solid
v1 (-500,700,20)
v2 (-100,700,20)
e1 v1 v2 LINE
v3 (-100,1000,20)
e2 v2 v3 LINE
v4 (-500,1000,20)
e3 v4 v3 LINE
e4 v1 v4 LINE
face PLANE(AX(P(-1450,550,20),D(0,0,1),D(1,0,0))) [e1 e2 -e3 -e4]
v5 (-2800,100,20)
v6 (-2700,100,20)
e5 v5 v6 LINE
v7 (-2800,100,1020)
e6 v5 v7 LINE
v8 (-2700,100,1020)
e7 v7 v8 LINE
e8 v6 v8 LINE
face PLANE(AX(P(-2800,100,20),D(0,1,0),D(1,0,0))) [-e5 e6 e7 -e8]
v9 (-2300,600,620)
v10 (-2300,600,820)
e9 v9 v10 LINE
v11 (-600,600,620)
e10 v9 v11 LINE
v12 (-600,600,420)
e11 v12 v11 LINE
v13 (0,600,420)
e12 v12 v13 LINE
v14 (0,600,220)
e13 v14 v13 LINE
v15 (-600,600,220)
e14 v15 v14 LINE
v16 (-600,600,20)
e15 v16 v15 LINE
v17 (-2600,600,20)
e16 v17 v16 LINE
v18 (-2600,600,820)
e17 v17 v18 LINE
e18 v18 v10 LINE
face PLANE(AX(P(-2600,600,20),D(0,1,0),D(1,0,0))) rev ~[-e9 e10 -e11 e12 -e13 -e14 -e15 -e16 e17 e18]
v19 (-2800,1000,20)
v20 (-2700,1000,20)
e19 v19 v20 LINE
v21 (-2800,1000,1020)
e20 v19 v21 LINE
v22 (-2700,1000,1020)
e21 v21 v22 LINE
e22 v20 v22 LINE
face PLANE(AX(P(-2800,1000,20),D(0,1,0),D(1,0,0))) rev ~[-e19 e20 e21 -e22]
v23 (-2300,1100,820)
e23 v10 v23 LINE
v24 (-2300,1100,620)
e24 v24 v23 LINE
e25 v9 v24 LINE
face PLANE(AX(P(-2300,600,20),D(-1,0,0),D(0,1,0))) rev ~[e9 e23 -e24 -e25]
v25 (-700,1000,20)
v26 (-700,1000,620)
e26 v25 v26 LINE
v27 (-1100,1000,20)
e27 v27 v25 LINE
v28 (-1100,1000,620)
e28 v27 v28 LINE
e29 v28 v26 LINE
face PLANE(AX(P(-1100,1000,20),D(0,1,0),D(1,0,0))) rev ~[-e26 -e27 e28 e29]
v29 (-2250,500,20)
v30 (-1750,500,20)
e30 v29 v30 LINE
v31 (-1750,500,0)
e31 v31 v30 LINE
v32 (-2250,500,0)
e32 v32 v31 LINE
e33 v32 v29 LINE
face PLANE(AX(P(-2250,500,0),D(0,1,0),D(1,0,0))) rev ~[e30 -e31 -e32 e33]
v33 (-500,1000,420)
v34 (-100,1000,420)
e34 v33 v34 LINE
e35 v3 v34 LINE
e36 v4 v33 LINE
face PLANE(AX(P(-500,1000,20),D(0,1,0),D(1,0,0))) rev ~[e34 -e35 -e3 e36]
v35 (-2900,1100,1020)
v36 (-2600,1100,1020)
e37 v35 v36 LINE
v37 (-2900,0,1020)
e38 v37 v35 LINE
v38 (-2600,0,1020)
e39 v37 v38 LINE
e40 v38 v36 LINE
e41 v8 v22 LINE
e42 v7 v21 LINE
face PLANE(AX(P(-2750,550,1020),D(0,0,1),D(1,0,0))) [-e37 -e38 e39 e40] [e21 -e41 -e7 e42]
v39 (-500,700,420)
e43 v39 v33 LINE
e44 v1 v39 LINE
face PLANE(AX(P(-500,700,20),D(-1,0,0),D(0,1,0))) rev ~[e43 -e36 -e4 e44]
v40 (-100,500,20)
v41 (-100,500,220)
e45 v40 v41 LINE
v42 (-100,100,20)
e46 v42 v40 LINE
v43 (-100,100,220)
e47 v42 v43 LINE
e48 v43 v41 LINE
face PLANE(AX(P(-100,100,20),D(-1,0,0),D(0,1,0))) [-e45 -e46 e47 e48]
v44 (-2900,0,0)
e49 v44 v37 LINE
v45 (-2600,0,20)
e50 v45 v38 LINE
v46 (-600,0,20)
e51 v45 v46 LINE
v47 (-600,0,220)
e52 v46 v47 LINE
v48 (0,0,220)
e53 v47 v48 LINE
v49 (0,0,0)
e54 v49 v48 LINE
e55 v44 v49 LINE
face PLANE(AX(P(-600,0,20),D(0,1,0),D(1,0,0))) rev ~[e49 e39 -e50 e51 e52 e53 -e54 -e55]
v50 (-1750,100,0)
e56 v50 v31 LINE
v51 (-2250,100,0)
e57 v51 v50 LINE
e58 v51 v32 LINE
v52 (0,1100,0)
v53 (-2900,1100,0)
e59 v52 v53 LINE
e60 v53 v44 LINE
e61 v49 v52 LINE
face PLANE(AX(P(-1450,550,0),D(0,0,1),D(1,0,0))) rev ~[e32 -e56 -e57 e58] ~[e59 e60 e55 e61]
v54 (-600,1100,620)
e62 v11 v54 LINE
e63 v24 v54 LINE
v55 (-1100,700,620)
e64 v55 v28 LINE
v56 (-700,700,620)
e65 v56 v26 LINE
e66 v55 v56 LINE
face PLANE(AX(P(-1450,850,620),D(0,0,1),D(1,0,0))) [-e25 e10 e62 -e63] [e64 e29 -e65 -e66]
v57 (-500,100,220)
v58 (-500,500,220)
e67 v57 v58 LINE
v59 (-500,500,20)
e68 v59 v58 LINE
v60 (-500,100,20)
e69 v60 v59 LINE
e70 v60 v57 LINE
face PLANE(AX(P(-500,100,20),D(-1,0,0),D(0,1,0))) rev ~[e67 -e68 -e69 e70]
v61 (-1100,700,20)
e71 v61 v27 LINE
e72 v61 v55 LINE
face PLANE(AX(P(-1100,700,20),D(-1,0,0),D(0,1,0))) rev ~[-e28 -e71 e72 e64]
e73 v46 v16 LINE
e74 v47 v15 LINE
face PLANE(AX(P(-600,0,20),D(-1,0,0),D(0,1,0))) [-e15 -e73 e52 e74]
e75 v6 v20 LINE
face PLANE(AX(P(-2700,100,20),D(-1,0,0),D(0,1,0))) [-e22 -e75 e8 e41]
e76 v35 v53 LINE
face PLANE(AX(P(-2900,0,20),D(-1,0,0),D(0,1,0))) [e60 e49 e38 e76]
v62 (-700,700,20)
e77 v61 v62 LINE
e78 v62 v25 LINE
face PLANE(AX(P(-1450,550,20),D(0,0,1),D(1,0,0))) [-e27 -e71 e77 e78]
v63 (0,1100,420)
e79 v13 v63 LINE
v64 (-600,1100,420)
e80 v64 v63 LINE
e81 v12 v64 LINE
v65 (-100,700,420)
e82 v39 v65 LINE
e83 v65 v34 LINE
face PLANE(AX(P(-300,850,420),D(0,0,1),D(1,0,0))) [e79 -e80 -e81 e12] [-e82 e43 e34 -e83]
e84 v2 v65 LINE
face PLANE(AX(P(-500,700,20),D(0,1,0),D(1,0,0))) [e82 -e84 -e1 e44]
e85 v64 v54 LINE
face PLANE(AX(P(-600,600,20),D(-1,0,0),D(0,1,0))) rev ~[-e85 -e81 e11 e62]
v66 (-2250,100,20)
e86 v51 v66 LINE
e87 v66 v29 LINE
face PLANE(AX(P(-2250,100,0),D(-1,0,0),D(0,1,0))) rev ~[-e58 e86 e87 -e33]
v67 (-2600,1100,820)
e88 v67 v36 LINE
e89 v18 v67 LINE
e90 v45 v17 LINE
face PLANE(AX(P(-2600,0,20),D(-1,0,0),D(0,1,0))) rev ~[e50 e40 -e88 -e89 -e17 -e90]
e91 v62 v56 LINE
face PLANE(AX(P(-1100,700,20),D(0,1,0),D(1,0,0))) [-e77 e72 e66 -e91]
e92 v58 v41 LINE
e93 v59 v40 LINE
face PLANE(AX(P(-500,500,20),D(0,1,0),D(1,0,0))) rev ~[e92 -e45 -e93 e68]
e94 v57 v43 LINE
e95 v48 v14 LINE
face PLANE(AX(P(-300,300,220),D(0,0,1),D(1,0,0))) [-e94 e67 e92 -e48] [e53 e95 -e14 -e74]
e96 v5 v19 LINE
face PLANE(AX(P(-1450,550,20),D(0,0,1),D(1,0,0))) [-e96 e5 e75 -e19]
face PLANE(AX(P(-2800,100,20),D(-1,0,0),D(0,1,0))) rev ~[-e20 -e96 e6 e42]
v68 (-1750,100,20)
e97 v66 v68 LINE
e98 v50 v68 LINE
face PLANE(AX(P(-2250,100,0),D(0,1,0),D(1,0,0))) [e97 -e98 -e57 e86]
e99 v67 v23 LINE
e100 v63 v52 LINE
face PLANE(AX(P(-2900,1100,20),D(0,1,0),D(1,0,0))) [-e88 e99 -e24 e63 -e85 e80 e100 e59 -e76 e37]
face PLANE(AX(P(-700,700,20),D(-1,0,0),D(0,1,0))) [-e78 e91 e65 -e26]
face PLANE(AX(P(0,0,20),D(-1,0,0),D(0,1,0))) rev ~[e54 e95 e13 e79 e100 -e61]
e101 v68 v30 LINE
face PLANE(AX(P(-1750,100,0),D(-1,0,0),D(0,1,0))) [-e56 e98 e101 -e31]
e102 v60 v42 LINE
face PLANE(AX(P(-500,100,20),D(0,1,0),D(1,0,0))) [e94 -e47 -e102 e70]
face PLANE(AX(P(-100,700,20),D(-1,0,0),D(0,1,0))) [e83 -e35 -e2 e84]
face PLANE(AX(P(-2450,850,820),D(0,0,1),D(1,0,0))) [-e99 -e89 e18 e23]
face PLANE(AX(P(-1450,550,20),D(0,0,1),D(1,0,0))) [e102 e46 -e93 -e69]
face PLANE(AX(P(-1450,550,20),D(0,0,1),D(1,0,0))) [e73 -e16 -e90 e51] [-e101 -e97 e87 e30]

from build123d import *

# Parameters (mm, degrees)
F0_W      = 500
F0_H      = 400
F1_DEPTH  = 20
F2_W      = 600
F2_H      = 500
F2_W_2    = 400
F2_H_2    = 300
F3_DEPTH  = 400
F4_W      = 1700
F4_H      = 500
F4_W_2    = 400
F4_H_2    = 300
F5_DEPTH  = 600
F6_W      = 300
F6_H      = 500
F7_DEPTH  = 800
F8_W      = 300
F8_H      = 1100
F8_W_2    = 100
F8_H_2    = 900
F9_DEPTH  = 1000
F10_W     = 600
F10_H     = 600
F10_W_2   = 400
F10_H_2   = 400
F11_DEPTH = 200


with BuildPart() as f1:
    # F0 (on Top) → F1 (new body)
    with BuildSketch(Plane.XY):
        Polygon((-2350, 0), (0, 0), (0, 1100), (-2900, 1100), (-2900, 0), align=None)
        with Locations((-2000, 300)):
            Rectangle(F0_W, F0_H, mode=Mode.SUBTRACT)
    extrude(amount=F1_DEPTH)

    # F2 (on face) → F3 (join)
    with BuildSketch(Plane.XY.offset(20)):
        with Locations((-300, 850)):
            Rectangle(F2_W, F2_H)
        with Locations((-300, 850)):
            Rectangle(F2_W_2, F2_H_2, mode=Mode.SUBTRACT)
    extrude(amount=F3_DEPTH)

    # F4 (on face) → F5 (join)
    with BuildSketch(Plane.XY.offset(20)):
        with Locations((-1450, 850)):
            Rectangle(F4_W, F4_H)
        with Locations((-900, 850)):
            Rectangle(F4_W_2, F4_H_2, mode=Mode.SUBTRACT)
    extrude(amount=F5_DEPTH)

    # F6 (on face) → F7 (join)
    with BuildSketch(Plane.XY.offset(20)):
        with Locations((-2450, 850)):
            Rectangle(F6_W, F6_H)
    extrude(amount=F7_DEPTH)

    # F8 (on face) → F9 (join)
    with BuildSketch(Plane.XY.offset(20)):
        with Locations((-2750, 550)):
            Rectangle(F8_W, F8_H)
        with Locations((-2750, 550)):
            Rectangle(F8_W_2, F8_H_2, mode=Mode.SUBTRACT)
    extrude(amount=F9_DEPTH)

    # F10 (on face) → F11 (join)
    with BuildSketch(Plane.XY.offset(20)):
        with Locations((-300, 300)):
            Rectangle(F10_W, F10_H)
        with Locations((-300, 300)):
            Rectangle(F10_W_2, F10_H_2, mode=Mode.SUBTRACT)
    extrude(amount=F11_DEPTH)


solid = f1.part
